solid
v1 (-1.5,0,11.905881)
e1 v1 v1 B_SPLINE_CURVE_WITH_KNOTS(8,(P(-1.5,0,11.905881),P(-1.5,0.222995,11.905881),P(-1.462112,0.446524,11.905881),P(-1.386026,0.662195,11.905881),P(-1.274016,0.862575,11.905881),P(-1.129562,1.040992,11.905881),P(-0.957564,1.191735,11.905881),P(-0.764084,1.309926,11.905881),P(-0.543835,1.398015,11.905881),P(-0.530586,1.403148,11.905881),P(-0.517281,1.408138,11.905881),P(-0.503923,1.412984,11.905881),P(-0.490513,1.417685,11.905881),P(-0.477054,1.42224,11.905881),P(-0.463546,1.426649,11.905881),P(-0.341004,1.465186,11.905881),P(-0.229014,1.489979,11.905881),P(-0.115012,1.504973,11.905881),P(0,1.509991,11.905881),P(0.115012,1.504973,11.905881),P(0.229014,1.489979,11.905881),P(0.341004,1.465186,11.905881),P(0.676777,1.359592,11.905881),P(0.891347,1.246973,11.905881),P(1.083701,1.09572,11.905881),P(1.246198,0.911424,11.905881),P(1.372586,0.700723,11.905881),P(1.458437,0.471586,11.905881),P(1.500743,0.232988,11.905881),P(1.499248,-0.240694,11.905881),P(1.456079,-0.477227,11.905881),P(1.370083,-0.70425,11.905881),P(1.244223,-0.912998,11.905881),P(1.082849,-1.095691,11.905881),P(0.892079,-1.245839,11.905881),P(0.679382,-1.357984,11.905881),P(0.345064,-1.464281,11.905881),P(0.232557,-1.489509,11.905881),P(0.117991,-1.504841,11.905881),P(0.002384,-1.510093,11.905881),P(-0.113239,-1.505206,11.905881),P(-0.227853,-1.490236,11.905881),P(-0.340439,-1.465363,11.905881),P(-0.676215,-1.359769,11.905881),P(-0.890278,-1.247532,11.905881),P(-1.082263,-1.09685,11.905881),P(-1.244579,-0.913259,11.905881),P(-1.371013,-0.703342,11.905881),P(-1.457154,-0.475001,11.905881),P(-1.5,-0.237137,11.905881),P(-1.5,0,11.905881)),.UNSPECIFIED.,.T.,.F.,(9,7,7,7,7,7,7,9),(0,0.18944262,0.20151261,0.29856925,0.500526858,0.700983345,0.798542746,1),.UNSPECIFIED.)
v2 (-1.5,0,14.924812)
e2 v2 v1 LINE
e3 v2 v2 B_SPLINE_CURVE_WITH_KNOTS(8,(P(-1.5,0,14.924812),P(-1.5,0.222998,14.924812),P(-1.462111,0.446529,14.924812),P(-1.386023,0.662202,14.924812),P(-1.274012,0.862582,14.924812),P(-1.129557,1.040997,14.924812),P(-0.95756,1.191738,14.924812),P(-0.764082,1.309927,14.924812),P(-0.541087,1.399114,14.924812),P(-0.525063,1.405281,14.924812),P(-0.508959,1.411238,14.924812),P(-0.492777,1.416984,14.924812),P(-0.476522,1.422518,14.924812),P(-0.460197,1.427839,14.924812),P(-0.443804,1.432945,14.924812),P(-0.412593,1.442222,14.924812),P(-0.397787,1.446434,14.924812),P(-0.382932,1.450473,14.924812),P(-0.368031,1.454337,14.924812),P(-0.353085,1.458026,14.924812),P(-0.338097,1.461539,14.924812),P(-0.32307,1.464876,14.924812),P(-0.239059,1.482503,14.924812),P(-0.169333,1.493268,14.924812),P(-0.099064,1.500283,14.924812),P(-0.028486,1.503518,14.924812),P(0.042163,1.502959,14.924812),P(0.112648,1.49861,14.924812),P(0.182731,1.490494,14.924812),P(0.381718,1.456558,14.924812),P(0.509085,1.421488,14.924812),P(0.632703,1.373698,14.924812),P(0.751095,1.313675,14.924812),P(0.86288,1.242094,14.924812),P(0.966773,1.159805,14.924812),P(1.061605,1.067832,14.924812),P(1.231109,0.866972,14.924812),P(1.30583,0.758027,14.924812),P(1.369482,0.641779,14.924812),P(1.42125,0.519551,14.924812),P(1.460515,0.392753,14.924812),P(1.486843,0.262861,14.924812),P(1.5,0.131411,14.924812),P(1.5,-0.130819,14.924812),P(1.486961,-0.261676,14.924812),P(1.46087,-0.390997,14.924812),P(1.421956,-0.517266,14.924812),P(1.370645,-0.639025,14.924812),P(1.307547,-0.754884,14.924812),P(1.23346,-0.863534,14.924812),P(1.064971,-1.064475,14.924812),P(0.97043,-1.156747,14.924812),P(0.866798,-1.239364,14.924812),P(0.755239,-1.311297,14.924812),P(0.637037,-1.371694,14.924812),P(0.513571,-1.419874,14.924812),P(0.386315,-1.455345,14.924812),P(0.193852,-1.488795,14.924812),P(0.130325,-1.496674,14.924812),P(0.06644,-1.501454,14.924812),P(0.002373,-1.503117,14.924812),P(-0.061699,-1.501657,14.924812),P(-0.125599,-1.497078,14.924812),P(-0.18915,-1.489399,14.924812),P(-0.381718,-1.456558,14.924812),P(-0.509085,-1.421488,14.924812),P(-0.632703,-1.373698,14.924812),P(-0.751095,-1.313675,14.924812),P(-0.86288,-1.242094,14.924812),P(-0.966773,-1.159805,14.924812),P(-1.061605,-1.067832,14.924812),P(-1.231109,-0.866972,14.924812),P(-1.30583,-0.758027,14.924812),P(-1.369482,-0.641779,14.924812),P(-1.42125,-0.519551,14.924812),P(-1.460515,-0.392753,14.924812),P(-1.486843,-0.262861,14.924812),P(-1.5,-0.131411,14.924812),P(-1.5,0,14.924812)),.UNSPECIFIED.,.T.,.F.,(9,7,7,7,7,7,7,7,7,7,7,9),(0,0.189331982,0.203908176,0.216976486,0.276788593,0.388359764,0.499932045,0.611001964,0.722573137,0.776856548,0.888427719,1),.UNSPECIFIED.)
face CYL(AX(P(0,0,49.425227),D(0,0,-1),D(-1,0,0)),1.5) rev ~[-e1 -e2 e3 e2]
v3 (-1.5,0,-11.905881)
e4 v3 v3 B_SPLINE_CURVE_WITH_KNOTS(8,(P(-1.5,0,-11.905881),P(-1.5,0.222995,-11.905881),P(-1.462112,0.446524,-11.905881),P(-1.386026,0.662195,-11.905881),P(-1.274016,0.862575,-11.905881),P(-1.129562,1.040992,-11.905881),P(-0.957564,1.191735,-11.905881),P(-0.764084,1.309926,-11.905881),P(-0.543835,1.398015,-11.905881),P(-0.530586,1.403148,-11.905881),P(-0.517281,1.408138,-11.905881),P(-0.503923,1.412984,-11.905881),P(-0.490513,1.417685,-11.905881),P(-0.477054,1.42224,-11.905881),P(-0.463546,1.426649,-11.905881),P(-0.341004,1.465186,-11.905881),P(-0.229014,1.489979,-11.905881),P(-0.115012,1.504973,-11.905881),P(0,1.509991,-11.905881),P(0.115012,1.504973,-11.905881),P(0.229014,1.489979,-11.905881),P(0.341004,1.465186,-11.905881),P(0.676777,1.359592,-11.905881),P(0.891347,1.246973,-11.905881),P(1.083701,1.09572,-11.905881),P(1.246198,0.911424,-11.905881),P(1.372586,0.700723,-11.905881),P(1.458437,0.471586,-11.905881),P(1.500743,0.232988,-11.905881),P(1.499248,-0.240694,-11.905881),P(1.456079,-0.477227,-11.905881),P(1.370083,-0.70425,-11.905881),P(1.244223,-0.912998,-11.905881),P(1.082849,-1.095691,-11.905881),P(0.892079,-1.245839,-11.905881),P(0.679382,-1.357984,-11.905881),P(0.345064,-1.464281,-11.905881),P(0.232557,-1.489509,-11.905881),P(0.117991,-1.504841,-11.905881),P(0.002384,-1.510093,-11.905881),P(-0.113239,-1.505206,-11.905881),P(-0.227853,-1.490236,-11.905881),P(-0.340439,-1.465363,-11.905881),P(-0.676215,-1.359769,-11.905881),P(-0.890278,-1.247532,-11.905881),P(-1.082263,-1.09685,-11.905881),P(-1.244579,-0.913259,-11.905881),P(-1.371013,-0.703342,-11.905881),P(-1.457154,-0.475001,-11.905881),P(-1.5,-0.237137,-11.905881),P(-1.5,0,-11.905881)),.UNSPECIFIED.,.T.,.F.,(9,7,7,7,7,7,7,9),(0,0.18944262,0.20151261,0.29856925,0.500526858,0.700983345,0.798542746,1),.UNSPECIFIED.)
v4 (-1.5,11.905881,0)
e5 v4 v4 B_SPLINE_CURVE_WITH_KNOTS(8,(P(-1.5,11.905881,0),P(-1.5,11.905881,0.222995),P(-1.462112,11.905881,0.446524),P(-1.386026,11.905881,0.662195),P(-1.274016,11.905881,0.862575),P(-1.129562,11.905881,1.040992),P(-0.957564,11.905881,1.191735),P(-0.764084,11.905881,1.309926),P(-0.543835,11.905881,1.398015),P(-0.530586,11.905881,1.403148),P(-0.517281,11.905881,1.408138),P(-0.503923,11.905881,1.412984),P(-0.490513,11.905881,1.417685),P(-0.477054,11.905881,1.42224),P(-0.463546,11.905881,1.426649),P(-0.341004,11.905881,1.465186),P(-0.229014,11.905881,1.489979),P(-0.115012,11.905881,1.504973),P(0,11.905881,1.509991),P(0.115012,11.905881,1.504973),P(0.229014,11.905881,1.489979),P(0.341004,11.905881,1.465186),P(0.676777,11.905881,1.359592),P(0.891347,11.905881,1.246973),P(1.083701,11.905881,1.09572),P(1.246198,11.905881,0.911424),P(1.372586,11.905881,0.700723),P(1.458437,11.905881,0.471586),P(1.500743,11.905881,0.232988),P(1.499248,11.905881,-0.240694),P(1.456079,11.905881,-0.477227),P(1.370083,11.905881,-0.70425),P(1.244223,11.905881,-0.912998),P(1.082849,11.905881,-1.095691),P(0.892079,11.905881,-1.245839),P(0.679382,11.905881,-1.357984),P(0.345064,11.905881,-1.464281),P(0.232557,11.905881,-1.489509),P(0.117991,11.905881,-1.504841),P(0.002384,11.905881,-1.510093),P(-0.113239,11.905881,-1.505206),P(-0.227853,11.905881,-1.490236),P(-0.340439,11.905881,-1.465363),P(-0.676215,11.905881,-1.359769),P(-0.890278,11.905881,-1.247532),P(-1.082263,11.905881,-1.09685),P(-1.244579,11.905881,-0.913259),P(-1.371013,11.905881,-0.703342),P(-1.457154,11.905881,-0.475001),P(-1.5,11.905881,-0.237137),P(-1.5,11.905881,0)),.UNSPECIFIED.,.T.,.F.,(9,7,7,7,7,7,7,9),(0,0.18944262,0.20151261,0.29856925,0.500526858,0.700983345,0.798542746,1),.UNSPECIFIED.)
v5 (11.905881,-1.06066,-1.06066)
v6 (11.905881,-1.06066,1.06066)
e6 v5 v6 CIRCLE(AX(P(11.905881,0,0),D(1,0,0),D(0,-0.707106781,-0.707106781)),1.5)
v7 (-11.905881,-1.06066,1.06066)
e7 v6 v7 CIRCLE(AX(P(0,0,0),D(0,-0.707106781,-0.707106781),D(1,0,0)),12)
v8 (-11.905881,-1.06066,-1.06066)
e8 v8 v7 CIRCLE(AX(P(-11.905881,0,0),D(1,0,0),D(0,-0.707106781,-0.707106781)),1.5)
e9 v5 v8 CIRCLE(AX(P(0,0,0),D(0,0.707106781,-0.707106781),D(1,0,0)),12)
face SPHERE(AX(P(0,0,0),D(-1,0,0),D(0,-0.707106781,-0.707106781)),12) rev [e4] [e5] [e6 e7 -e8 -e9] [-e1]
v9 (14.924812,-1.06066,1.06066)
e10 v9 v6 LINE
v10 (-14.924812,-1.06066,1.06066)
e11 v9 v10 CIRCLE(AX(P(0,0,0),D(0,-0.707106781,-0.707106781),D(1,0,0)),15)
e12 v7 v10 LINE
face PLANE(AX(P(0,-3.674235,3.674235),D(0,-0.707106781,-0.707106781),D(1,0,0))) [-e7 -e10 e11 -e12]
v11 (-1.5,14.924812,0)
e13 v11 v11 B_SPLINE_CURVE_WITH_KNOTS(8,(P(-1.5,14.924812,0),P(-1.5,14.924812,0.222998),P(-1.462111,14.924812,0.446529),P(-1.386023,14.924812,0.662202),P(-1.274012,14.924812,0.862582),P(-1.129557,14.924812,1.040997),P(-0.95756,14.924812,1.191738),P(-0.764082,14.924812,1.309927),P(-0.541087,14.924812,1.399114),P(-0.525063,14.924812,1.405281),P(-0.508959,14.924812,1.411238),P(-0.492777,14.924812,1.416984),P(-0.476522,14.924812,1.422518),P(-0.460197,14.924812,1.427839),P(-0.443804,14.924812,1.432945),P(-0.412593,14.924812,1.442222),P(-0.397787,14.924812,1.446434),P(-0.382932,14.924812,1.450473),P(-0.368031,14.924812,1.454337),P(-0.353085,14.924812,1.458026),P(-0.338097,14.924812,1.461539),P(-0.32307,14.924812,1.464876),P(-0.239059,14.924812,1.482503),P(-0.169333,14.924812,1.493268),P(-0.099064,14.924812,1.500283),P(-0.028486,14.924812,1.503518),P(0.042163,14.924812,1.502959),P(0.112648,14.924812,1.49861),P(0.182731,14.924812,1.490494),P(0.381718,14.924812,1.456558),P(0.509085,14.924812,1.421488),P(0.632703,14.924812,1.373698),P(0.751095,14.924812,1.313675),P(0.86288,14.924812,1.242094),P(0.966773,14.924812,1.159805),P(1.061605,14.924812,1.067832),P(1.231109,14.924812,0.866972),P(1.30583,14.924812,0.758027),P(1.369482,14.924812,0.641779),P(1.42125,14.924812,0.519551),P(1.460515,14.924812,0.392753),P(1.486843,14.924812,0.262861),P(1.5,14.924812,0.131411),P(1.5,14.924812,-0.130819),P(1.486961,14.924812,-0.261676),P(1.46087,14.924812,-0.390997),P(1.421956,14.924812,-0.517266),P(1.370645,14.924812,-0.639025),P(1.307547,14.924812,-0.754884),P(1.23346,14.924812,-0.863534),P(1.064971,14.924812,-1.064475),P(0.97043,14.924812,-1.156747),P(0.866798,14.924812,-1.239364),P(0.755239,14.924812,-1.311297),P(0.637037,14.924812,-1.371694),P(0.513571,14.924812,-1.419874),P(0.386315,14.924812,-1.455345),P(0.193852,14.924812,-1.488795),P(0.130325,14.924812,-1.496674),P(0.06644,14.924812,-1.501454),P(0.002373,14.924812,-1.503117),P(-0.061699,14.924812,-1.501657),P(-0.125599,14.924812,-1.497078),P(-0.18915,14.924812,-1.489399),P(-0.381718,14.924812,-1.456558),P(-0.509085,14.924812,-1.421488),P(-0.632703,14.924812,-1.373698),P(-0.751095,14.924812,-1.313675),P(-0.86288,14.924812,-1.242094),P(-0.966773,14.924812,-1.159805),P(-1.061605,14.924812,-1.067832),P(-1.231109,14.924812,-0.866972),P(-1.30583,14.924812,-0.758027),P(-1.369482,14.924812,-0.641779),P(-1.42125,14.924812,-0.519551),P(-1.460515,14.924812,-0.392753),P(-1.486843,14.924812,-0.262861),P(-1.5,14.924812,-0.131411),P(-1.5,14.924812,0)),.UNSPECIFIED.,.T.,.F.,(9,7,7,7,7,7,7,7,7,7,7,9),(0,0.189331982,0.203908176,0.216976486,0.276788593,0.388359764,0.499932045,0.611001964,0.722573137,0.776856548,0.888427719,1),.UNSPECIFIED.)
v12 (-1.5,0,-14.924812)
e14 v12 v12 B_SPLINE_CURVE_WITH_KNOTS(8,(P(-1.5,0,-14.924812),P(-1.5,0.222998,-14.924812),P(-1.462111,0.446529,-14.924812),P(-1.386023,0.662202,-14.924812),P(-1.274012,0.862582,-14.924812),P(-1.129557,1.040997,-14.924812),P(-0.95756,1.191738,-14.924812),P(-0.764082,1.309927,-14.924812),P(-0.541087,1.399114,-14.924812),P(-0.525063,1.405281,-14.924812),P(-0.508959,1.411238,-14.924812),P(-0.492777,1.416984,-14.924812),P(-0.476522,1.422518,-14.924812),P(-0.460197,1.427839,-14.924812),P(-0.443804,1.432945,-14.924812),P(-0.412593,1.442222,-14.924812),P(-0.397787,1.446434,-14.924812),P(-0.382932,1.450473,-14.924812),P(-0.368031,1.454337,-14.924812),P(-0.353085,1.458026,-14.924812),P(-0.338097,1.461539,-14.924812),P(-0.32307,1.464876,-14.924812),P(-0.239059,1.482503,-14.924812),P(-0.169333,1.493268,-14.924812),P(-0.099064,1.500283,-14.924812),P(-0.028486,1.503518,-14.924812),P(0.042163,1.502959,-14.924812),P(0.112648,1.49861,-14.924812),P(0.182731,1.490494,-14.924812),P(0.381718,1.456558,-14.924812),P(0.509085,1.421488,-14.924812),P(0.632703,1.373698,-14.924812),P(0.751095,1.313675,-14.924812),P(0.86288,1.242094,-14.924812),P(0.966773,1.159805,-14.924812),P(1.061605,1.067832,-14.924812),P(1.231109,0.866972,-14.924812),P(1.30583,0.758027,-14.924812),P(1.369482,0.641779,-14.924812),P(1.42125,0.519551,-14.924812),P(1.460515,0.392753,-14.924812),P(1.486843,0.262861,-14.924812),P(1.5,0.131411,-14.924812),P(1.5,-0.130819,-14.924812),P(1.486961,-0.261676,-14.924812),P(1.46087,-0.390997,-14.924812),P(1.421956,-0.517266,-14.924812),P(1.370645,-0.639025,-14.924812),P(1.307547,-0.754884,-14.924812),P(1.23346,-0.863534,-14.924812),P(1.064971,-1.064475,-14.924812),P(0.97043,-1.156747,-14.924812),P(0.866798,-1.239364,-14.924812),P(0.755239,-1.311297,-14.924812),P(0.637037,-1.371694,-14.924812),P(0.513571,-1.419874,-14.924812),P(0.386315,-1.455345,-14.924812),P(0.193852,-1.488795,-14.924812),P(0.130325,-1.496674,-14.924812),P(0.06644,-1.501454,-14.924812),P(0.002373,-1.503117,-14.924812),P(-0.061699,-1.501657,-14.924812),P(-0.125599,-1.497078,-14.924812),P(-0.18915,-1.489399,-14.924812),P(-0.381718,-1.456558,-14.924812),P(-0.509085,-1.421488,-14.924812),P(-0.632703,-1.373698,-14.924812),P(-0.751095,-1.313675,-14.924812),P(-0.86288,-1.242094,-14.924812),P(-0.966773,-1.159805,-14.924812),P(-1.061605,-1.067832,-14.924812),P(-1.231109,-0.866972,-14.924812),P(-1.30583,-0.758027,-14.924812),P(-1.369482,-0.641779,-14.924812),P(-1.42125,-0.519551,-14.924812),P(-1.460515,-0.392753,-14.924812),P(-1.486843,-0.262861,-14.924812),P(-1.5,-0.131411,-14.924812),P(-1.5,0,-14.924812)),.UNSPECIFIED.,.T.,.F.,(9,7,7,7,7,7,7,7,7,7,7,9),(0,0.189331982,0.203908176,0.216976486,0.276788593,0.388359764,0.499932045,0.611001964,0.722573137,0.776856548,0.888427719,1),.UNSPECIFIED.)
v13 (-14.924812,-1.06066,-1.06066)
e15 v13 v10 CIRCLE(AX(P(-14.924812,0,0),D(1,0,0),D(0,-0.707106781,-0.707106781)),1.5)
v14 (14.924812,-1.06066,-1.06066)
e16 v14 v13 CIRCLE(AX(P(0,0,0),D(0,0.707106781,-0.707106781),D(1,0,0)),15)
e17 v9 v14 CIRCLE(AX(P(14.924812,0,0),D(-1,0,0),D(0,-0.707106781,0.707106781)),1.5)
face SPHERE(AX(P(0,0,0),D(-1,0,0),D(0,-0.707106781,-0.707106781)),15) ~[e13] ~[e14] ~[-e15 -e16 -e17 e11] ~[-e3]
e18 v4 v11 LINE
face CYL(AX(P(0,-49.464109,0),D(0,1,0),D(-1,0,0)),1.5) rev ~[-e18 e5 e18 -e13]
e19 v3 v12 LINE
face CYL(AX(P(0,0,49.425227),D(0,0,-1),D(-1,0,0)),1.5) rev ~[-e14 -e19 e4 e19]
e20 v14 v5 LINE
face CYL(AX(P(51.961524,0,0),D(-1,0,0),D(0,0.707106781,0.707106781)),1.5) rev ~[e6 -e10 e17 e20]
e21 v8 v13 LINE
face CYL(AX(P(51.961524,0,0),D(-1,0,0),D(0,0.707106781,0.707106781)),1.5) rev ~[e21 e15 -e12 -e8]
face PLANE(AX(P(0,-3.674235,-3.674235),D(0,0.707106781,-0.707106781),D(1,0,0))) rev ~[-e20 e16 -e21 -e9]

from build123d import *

# Parameters (mm, degrees)
F1_ANGLE = 270
F14_T    = -3
F3_D     = 3
F5_D     = 3
F7_ANGLE = 135
F9_D     = 3
F11_D    = 3
F13_D    = 3


with BuildPart() as f1:
    # F0 (on Top) → F1 (revolve)
    with BuildSketch(Plane.XY):
        with BuildLine():
            ThreePointArc((15, 0), (0, 15), (-15, 0))
            Line((-15, 0), (15, 0))
        make_face()
    revolve(axis=Axis((0.571103, 0, 0), (1, 0, 0)), revolution_arc=F1_ANGLE)

    # F14
    f14_openings = [f1.faces().sort_by_distance(p)[0] for p in [
        (0, 6.366198, 0),
        (0, 0, -6.366198),
    ]]
    offset(amount=F14_T, openings=f14_openings)

    # F3 (through all)
    with Locations(Plane.YZ):
        with Locations((0, 0)):
            Hole(F3_D / 2)

    # F5 (through all)
    with Locations(Plane(origin=(0, 0, 0), x_dir=(0, 1, 0), z_dir=(-1, 0, 0))):
        with Locations((0, 0)):
            Hole(F5_D / 2)


with BuildPart() as f1_1:
    # F7: moved
    add(f1.part.rotate(Axis((0, 0, 0), (-1, 0, 0)), F7_ANGLE))

    # F9 (through all)
    with Locations(Plane.XZ):
        with Locations((0, 0)):
            Hole(F9_D / 2)

    # F11 (through all)
    with Locations(Plane.XY):
        with Locations((0, 0)):
            Hole(F11_D / 2)

    # F13 (through all)
    with Locations(Plane(origin=(0, 0, 0), x_dir=(1, 0, 0), z_dir=(0, 0, -1))):
        with Locations((0, 0)):
            Hole(F13_D / 2)


solid = f1_1.part
